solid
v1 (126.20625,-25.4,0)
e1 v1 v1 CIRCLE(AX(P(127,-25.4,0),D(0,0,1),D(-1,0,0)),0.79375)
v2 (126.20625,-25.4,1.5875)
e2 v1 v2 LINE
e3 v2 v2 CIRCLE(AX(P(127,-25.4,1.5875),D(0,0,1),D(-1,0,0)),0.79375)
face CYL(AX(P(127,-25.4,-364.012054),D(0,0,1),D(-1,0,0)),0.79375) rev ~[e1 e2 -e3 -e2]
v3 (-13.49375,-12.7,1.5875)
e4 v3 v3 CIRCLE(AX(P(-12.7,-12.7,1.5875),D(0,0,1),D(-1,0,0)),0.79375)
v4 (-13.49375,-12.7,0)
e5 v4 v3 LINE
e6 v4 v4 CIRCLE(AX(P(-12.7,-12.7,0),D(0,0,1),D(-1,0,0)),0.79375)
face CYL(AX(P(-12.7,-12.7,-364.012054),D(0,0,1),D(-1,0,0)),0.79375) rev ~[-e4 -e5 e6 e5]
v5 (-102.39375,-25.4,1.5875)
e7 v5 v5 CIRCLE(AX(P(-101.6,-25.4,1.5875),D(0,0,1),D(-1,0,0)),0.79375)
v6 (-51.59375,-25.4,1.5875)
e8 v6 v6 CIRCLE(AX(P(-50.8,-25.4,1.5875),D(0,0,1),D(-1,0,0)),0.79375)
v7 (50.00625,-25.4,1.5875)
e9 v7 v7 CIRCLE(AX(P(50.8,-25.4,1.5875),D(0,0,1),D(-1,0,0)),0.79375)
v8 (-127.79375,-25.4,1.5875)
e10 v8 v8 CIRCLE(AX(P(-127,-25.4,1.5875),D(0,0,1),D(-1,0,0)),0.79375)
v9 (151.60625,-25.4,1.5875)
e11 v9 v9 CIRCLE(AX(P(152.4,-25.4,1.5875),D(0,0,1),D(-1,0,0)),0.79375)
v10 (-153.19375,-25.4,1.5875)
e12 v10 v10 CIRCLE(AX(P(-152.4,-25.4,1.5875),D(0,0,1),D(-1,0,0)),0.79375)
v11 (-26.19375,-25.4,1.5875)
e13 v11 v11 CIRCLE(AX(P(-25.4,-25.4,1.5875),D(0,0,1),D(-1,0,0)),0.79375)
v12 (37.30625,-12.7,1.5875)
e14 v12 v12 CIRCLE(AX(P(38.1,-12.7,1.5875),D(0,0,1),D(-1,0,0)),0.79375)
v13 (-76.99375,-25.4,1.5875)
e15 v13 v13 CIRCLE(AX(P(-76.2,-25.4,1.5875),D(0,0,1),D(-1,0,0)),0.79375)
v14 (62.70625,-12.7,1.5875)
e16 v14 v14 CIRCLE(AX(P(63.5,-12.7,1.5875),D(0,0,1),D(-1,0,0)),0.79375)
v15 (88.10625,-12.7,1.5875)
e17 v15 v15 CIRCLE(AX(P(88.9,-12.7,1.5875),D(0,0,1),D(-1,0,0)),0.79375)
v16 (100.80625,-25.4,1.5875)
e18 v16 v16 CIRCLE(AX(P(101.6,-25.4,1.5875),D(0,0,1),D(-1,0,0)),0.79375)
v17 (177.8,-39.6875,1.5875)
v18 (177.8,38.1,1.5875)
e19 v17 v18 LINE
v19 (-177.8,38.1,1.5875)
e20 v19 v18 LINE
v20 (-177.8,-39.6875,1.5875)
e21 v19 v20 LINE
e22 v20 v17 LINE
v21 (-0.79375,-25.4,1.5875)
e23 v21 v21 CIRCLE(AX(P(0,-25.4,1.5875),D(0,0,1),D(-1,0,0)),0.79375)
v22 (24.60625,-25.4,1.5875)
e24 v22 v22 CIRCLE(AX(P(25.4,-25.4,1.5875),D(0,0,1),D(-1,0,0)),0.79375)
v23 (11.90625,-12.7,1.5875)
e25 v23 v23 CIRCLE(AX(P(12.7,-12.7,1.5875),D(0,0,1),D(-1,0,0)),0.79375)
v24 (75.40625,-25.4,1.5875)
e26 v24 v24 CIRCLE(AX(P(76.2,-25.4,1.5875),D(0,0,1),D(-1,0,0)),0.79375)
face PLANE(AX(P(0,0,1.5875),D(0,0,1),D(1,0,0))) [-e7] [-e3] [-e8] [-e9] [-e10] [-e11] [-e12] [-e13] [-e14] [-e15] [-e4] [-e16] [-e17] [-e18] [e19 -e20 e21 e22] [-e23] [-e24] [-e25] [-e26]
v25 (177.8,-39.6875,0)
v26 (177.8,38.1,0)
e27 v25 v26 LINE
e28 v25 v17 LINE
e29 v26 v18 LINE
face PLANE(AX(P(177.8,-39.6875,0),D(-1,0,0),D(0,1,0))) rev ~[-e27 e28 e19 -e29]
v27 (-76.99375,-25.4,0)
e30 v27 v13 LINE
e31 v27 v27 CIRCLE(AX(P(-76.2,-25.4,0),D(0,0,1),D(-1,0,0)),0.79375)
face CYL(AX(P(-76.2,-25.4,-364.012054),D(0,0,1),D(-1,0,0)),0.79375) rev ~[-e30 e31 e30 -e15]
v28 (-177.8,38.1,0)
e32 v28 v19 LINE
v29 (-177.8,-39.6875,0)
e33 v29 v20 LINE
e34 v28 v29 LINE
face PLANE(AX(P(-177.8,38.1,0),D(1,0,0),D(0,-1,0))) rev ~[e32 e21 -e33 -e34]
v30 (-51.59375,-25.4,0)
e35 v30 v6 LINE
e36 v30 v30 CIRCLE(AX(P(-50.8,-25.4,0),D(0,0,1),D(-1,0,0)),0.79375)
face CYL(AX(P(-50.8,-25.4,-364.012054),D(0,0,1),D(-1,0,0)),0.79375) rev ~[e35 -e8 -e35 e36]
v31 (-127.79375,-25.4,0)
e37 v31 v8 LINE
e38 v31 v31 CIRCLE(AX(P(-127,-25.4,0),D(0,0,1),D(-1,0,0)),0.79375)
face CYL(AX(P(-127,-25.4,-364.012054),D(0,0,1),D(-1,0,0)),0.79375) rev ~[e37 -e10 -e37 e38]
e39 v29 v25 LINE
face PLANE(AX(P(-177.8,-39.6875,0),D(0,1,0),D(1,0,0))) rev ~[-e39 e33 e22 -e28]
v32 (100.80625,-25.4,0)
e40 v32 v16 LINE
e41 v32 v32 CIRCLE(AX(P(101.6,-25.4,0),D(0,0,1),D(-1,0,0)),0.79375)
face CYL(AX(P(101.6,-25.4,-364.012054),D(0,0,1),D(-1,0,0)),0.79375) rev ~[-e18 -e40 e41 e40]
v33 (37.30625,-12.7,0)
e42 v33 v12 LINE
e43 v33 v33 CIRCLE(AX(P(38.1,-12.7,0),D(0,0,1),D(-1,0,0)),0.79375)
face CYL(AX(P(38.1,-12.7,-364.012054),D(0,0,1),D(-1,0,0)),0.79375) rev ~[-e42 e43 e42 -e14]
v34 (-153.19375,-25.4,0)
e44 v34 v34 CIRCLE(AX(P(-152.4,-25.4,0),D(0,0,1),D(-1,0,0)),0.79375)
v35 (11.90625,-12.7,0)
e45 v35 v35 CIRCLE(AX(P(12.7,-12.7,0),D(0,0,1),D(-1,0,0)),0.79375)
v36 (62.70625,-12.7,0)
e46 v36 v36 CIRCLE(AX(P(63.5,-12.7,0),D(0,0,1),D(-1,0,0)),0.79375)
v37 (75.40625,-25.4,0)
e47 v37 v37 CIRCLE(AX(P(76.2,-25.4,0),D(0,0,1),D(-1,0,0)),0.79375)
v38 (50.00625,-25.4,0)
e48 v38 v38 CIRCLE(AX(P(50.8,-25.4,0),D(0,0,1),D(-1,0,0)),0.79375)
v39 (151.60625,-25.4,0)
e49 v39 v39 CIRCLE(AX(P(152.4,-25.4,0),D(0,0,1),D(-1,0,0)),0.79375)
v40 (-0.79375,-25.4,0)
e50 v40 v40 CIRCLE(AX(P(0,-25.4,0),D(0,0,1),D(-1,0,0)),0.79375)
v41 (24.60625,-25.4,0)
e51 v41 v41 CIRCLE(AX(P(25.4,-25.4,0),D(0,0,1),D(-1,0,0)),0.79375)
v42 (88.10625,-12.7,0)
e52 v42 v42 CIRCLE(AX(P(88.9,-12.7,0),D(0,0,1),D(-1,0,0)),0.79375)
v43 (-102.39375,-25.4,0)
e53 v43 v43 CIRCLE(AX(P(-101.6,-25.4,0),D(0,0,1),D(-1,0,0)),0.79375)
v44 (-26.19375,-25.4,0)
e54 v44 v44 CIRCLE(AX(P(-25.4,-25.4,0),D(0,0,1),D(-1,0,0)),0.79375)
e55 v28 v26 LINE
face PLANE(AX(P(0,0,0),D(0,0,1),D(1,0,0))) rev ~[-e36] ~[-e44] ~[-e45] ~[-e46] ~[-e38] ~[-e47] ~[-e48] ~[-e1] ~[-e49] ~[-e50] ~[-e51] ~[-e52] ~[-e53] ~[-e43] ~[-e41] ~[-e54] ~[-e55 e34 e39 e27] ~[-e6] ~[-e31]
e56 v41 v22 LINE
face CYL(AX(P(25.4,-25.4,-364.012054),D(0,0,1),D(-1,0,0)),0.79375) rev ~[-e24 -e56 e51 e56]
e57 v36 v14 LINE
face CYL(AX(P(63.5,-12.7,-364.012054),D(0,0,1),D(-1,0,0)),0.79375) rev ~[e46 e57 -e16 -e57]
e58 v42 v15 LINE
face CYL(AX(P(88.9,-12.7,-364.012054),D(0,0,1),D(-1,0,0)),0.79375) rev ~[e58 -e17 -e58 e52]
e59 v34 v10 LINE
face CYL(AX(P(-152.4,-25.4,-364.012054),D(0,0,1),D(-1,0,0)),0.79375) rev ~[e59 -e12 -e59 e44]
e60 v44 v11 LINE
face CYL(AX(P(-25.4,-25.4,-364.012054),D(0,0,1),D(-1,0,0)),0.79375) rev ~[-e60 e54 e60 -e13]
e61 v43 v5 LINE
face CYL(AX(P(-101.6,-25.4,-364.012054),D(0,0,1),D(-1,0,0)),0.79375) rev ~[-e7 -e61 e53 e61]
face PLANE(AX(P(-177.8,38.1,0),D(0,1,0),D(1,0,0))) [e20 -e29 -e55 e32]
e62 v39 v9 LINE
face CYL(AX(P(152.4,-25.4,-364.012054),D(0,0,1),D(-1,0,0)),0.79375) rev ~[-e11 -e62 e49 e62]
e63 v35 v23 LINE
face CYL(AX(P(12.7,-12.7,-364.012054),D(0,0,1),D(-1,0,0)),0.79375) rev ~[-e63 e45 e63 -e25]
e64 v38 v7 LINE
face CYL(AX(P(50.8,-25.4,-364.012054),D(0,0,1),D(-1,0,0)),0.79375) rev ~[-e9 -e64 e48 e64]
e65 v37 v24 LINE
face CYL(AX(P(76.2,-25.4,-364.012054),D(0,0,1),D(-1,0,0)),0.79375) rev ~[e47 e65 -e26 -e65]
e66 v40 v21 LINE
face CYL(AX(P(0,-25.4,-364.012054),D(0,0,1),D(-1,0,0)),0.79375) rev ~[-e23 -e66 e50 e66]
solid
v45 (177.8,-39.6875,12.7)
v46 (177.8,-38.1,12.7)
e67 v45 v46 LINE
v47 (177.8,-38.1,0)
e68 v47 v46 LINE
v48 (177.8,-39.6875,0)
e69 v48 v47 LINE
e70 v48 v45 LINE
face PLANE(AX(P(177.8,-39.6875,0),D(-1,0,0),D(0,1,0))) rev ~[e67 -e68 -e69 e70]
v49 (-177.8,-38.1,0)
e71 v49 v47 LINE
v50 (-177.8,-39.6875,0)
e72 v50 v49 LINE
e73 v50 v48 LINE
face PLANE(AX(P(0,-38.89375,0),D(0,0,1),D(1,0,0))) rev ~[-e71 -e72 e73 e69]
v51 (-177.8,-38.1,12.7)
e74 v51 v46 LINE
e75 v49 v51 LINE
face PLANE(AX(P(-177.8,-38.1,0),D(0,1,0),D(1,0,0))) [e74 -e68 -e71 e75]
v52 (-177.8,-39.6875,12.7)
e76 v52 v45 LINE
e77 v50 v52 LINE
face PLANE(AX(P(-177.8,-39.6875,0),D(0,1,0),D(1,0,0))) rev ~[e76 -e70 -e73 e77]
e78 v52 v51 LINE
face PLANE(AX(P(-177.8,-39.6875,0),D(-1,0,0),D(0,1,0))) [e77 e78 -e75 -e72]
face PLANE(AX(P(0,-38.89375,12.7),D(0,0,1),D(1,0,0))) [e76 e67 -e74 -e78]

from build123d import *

# Parameters (mm, degrees)
F0_W     = 355.6
F0_H     = 1.5875
F1_DEPTH = 12.7
F0_H_2   = 76.2
F2_DEPTH = 1.5875
F3_D     = 1.5875


with BuildPart() as f1:
    # F0 (on Top) → F1 (new body)
    with BuildSketch(Plane.XY):
        with Locations((0, -38.89375)):
            Rectangle(F0_W, F0_H)
    extrude(amount=F1_DEPTH)


with BuildPart() as f2:
    # F0 (on Top) → F2 (new body)
    with BuildSketch(Plane.XY):
        Rectangle(F0_W, F0_H_2)
        with Locations((0, -38.89375)):
            Rectangle(F0_W, F0_H)
    extrude(amount=F2_DEPTH)

    # F3 (through all)
    with Locations(Plane(origin=(0, 0, 0), x_dir=(1, 0, 0), z_dir=(0, 0, -1))):
        with Locations((0, 25.4), (-25.4, 25.4), (-50.8, 25.4), (-76.2, 25.4), (50.8, 25.4), (25.4, 25.4), (76.2, 25.4), (101.6, 25.4), (127, 25.4), (152.4, 25.4), (-101.6, 25.4), (-127, 25.4), (-152.4, 25.4), (-12.7, 12.7), (12.7, 12.7), (38.1, 12.7), (63.5, 12.7), (88.9, 12.7)):
            Hole(F3_D / 2)


solid = Compound([f1.part, f2.part])
